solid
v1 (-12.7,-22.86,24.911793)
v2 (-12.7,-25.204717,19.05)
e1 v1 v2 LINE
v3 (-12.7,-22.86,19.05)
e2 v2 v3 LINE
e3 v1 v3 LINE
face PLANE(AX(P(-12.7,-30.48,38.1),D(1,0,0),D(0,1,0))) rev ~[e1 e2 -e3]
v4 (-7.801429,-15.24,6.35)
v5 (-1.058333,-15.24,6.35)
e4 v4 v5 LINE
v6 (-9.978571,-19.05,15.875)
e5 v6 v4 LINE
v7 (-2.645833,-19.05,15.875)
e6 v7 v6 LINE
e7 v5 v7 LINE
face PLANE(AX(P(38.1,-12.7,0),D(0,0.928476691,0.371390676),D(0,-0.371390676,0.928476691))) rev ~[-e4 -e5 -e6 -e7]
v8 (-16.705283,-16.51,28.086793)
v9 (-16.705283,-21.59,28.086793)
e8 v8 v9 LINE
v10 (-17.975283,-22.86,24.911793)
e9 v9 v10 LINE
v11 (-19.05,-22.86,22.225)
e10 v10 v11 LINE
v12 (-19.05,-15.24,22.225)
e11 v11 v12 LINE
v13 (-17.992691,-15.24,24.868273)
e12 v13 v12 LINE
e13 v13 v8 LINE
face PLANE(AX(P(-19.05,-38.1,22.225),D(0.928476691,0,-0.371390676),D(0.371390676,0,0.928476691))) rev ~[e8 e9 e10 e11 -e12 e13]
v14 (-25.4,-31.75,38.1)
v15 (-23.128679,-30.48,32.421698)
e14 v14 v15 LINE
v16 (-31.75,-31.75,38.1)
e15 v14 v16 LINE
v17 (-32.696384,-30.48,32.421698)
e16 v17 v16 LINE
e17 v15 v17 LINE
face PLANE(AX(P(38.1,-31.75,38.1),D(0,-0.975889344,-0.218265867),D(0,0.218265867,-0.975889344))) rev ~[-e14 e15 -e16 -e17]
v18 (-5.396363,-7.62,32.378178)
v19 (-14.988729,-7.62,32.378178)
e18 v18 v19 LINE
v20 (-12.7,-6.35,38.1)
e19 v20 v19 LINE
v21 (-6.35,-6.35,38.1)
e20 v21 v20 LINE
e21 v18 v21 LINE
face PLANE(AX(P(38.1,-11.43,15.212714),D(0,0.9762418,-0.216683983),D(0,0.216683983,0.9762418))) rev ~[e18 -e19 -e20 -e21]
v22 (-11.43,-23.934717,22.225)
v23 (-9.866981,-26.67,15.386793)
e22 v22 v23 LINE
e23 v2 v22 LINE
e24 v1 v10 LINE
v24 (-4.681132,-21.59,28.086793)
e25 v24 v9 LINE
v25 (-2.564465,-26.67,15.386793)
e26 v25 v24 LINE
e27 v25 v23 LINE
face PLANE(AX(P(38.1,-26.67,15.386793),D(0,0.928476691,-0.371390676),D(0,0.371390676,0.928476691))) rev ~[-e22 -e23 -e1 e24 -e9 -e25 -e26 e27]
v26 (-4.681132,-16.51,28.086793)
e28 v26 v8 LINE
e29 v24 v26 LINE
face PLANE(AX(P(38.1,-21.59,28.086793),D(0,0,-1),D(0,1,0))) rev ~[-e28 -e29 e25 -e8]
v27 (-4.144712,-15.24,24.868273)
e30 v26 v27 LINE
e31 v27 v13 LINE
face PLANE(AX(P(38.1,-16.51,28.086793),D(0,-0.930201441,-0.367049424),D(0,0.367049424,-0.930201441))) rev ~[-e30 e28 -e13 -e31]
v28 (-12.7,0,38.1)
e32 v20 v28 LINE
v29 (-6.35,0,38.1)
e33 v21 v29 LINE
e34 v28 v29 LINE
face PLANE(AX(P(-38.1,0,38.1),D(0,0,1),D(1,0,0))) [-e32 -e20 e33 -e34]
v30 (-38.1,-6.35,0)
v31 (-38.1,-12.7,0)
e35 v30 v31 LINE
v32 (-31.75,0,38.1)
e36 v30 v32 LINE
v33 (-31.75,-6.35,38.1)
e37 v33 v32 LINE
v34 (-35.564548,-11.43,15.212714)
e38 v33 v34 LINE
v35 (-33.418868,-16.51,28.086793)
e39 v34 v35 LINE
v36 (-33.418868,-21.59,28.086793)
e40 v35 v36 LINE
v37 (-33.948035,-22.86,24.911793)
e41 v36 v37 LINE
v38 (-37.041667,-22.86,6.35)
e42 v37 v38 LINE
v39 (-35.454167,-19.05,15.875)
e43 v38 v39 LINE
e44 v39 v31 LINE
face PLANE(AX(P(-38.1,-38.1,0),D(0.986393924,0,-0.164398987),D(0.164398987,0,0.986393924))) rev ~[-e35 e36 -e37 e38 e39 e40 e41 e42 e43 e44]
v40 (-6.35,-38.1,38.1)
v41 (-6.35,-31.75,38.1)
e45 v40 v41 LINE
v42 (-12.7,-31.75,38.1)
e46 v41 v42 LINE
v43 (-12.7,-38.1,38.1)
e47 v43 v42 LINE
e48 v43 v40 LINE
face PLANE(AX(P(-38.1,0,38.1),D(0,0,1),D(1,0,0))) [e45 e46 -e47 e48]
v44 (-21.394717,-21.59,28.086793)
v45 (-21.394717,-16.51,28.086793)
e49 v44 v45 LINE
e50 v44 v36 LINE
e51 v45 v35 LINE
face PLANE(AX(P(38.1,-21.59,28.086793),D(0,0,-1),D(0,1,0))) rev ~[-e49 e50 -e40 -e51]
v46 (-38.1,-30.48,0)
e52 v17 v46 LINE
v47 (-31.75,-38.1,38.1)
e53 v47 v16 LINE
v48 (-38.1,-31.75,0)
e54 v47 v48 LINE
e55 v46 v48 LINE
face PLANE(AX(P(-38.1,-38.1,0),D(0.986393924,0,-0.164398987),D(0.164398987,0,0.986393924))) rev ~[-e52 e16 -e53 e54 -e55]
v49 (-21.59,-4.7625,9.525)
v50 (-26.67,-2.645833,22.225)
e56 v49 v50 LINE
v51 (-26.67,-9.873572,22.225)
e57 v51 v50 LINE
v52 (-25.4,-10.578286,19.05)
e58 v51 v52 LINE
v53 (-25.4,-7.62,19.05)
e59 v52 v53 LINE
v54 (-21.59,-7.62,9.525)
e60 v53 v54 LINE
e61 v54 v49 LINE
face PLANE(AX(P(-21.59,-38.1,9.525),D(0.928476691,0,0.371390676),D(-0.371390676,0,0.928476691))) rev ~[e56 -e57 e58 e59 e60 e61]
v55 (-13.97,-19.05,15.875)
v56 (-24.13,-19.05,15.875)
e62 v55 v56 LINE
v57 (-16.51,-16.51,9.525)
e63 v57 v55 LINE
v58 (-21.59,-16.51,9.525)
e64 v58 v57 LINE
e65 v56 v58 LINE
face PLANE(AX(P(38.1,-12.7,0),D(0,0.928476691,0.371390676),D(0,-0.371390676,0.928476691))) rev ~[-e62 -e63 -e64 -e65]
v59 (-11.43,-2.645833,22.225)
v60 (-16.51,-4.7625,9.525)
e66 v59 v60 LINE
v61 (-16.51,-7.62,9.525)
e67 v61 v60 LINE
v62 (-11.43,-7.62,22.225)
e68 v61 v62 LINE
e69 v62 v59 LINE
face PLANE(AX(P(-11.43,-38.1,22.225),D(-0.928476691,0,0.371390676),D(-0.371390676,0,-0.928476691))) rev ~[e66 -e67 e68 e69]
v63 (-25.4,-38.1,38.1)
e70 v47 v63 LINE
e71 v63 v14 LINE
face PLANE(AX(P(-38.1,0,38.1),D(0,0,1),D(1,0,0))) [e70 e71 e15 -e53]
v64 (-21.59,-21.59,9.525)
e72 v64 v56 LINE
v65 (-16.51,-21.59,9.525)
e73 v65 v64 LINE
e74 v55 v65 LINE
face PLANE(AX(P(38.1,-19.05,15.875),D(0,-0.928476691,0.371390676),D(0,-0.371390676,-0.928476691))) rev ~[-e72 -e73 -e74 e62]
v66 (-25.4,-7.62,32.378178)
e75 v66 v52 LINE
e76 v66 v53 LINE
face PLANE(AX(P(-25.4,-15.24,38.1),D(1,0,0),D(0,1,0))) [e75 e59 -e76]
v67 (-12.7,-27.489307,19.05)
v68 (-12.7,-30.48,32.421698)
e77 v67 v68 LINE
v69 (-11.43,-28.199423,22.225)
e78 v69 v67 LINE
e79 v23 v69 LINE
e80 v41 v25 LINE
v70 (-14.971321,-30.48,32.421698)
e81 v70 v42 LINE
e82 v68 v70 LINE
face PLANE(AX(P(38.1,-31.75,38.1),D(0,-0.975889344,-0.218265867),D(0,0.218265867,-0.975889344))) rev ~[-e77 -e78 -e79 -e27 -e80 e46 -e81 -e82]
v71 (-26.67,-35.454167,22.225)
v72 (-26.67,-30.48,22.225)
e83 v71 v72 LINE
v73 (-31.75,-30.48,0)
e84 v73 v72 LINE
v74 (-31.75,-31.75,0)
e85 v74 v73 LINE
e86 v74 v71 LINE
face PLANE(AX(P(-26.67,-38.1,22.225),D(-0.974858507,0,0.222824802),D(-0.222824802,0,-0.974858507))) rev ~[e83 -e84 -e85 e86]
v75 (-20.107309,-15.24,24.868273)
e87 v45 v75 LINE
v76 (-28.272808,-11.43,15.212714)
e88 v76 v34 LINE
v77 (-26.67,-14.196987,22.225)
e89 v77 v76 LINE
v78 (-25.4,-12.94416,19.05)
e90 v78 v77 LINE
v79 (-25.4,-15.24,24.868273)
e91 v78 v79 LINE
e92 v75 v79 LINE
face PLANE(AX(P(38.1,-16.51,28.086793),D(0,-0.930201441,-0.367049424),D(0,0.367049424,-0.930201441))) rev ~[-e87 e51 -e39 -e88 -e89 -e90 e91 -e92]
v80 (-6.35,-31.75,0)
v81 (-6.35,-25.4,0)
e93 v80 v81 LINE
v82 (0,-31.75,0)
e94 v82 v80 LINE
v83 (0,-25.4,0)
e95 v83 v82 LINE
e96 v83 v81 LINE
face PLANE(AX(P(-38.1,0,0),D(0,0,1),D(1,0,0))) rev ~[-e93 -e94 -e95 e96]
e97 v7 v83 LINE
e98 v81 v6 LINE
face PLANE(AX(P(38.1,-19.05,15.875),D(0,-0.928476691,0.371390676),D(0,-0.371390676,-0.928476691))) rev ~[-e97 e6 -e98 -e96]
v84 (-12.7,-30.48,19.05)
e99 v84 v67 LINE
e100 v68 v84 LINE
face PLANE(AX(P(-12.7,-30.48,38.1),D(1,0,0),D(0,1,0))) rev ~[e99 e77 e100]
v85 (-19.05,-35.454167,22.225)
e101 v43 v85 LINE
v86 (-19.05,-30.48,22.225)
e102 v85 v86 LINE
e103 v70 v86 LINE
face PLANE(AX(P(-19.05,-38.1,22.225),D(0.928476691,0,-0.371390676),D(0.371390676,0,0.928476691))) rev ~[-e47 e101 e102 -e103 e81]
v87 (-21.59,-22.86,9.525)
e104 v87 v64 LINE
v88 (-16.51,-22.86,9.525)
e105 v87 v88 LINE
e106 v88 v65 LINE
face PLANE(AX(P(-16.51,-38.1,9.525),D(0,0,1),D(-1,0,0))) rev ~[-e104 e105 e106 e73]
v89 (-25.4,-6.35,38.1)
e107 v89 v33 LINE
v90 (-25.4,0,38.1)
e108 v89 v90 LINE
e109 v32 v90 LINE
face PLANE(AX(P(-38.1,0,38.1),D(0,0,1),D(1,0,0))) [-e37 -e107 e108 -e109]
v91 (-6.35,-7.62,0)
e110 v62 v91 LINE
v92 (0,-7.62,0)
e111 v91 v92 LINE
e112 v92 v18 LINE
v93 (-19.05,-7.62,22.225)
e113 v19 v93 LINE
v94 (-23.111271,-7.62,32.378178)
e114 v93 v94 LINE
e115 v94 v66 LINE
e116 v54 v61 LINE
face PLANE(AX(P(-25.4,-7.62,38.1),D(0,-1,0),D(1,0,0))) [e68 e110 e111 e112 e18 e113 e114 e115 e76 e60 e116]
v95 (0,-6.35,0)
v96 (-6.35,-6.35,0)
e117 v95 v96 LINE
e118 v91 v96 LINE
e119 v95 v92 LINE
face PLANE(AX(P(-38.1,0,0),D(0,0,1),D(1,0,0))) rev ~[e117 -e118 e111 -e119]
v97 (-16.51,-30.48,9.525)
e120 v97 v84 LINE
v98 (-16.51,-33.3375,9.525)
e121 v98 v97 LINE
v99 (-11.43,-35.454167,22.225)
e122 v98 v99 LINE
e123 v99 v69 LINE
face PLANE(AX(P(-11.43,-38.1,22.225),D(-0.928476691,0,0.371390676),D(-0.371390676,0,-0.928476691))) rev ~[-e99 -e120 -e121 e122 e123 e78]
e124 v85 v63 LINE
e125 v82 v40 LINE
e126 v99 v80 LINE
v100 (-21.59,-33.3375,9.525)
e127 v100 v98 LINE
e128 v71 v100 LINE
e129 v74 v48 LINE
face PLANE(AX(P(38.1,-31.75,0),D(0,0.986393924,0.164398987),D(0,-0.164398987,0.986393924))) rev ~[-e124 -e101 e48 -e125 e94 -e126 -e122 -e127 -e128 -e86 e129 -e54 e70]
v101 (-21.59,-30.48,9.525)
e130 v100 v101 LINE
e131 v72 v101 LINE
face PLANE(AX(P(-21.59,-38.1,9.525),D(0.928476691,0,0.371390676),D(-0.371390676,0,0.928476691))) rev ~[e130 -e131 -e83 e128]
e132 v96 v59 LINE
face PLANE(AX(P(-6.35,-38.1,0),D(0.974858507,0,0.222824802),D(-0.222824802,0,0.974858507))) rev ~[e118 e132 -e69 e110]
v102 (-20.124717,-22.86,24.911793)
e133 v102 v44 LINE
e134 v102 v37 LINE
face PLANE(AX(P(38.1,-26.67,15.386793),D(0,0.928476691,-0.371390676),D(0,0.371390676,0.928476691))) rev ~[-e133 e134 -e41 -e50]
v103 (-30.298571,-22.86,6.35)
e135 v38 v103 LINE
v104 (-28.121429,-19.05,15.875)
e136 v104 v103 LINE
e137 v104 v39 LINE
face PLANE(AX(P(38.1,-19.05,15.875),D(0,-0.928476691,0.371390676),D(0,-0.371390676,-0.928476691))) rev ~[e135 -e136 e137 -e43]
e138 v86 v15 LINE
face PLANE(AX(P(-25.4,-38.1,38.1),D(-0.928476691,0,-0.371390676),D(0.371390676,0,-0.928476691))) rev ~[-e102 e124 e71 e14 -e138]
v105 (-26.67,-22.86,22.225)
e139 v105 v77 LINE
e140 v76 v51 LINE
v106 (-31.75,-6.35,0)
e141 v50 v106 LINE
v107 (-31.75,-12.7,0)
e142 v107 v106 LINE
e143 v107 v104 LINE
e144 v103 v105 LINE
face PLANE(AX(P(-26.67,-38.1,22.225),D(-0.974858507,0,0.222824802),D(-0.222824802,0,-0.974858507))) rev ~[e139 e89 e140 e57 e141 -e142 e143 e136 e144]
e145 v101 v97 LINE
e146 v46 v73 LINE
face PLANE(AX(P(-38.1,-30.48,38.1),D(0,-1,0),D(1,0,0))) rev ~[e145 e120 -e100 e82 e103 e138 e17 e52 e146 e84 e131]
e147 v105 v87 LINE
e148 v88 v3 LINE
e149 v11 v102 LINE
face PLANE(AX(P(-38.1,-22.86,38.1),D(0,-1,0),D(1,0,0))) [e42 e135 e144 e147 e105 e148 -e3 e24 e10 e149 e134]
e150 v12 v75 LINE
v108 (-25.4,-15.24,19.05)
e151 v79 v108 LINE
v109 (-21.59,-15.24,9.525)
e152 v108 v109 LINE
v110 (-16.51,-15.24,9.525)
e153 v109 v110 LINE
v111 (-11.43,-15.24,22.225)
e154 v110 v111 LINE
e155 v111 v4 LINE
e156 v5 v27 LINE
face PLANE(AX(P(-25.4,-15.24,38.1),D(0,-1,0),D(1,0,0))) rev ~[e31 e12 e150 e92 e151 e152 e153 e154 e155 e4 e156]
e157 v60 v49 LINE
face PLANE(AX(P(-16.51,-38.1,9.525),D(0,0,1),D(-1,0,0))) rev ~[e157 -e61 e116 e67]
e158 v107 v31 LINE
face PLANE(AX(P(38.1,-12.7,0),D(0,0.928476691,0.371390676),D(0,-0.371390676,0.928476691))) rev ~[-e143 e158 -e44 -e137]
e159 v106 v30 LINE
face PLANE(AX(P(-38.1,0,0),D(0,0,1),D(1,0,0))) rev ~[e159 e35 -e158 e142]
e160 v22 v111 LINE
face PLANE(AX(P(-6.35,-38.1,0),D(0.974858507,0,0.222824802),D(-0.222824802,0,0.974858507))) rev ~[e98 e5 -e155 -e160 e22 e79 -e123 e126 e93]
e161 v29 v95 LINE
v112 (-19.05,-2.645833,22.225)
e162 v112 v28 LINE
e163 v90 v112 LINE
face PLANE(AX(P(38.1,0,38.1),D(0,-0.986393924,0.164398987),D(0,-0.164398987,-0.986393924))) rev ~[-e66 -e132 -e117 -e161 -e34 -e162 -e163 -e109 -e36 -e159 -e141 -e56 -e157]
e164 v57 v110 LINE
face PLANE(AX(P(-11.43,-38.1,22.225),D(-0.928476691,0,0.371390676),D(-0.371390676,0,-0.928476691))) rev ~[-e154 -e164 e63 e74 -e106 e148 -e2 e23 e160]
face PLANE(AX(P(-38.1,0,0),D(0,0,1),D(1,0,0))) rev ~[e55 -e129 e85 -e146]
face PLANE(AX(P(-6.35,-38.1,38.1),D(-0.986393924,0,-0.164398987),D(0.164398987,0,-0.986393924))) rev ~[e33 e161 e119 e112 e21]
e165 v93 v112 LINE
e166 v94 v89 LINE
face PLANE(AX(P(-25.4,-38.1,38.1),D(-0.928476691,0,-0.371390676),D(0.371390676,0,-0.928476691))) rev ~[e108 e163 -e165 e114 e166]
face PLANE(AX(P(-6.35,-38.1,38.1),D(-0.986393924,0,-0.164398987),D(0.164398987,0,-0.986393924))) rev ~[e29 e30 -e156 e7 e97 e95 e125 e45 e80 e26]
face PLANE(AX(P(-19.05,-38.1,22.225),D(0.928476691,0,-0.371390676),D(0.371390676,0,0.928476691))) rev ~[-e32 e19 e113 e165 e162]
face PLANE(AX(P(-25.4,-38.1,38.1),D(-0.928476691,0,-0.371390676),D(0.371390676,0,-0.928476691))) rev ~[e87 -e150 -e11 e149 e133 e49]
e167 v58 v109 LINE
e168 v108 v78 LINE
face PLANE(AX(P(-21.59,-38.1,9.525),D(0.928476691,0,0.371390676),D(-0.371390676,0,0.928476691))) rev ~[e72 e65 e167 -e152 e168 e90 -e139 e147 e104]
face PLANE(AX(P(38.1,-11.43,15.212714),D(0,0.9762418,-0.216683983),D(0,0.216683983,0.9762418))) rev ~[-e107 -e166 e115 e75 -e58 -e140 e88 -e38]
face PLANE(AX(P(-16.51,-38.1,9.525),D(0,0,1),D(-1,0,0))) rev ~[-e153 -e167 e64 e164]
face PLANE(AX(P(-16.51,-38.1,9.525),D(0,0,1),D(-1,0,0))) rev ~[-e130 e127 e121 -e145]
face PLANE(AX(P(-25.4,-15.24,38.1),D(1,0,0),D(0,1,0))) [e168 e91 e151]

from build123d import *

# Parameters (mm, degrees)
F0_W      = 38.1
F0_H      = 38.1
F1_DEPTH  = 38.1
F6_DEPTH  = 76.2
F8_DEPTH  = 76.2
F9_W      = 25.4
F9_H      = 7.62
F10_DEPTH = 76.2


with BuildPart() as f1:
    # F0 (on Front) → F1 (new body)
    with BuildSketch(Plane.XZ):
        with Locations((-19.05, 19.05)):
            Rectangle(F0_W, F0_H)
    extrude(amount=F1_DEPTH)

    # F5 (on offset) → F6 (cut)
    with BuildSketch(Plane.YZ.offset(38.1)):
        Polygon((-11.43, 15.2127137408), (-6.35, 38.1), (-31.75, 38.1), (-26.67, 15.3867928311), (-21.59, 28.0867928311), (-16.51, 28.0867928311), align=None)
        Polygon((-31.75, 0), (-38.1, 38.1), (-38.1, 0), align=None)
        Polygon((-25.4, 0), (-12.7, 0), (-19.05, 15.875), align=None)
        Polygon((-6.35, 0), (0, 0), (0, 38.1), align=None)
    extrude(amount=-F6_DEPTH, mode=Mode.SUBTRACT)

    # F7 (on offset) → F8 (cut)
    with BuildSketch(Plane.XZ.offset(38.1)):
        Polygon((-19.05, 22.225), (-12.7, 38.1), (-25.4, 38.1), align=None)
        Polygon((-38.1, 38.1), (-38.1, 0), (-31.75, 38.1), align=None)
        Polygon((-31.75, 0), (-6.35, 0), (-11.43, 22.225), (-16.51, 9.525), (-21.59, 9.525), (-26.67, 22.225), align=None)
        Polygon((-6.35, 38.1), (0, 0), (0, 38.1), align=None)
    extrude(amount=-F8_DEPTH, mode=Mode.SUBTRACT)

    # F9 (on offset) → F10 (cut)
    with BuildSketch(Plane.XY.offset(38.1)):
        with Locations((-25.4, -26.67)):
            Rectangle(F9_W, F9_H)
        with Locations((-12.7, -11.43)):
            Rectangle(F9_W, F9_H)
    extrude(amount=-F10_DEPTH, mode=Mode.SUBTRACT)


solid = f1.part
